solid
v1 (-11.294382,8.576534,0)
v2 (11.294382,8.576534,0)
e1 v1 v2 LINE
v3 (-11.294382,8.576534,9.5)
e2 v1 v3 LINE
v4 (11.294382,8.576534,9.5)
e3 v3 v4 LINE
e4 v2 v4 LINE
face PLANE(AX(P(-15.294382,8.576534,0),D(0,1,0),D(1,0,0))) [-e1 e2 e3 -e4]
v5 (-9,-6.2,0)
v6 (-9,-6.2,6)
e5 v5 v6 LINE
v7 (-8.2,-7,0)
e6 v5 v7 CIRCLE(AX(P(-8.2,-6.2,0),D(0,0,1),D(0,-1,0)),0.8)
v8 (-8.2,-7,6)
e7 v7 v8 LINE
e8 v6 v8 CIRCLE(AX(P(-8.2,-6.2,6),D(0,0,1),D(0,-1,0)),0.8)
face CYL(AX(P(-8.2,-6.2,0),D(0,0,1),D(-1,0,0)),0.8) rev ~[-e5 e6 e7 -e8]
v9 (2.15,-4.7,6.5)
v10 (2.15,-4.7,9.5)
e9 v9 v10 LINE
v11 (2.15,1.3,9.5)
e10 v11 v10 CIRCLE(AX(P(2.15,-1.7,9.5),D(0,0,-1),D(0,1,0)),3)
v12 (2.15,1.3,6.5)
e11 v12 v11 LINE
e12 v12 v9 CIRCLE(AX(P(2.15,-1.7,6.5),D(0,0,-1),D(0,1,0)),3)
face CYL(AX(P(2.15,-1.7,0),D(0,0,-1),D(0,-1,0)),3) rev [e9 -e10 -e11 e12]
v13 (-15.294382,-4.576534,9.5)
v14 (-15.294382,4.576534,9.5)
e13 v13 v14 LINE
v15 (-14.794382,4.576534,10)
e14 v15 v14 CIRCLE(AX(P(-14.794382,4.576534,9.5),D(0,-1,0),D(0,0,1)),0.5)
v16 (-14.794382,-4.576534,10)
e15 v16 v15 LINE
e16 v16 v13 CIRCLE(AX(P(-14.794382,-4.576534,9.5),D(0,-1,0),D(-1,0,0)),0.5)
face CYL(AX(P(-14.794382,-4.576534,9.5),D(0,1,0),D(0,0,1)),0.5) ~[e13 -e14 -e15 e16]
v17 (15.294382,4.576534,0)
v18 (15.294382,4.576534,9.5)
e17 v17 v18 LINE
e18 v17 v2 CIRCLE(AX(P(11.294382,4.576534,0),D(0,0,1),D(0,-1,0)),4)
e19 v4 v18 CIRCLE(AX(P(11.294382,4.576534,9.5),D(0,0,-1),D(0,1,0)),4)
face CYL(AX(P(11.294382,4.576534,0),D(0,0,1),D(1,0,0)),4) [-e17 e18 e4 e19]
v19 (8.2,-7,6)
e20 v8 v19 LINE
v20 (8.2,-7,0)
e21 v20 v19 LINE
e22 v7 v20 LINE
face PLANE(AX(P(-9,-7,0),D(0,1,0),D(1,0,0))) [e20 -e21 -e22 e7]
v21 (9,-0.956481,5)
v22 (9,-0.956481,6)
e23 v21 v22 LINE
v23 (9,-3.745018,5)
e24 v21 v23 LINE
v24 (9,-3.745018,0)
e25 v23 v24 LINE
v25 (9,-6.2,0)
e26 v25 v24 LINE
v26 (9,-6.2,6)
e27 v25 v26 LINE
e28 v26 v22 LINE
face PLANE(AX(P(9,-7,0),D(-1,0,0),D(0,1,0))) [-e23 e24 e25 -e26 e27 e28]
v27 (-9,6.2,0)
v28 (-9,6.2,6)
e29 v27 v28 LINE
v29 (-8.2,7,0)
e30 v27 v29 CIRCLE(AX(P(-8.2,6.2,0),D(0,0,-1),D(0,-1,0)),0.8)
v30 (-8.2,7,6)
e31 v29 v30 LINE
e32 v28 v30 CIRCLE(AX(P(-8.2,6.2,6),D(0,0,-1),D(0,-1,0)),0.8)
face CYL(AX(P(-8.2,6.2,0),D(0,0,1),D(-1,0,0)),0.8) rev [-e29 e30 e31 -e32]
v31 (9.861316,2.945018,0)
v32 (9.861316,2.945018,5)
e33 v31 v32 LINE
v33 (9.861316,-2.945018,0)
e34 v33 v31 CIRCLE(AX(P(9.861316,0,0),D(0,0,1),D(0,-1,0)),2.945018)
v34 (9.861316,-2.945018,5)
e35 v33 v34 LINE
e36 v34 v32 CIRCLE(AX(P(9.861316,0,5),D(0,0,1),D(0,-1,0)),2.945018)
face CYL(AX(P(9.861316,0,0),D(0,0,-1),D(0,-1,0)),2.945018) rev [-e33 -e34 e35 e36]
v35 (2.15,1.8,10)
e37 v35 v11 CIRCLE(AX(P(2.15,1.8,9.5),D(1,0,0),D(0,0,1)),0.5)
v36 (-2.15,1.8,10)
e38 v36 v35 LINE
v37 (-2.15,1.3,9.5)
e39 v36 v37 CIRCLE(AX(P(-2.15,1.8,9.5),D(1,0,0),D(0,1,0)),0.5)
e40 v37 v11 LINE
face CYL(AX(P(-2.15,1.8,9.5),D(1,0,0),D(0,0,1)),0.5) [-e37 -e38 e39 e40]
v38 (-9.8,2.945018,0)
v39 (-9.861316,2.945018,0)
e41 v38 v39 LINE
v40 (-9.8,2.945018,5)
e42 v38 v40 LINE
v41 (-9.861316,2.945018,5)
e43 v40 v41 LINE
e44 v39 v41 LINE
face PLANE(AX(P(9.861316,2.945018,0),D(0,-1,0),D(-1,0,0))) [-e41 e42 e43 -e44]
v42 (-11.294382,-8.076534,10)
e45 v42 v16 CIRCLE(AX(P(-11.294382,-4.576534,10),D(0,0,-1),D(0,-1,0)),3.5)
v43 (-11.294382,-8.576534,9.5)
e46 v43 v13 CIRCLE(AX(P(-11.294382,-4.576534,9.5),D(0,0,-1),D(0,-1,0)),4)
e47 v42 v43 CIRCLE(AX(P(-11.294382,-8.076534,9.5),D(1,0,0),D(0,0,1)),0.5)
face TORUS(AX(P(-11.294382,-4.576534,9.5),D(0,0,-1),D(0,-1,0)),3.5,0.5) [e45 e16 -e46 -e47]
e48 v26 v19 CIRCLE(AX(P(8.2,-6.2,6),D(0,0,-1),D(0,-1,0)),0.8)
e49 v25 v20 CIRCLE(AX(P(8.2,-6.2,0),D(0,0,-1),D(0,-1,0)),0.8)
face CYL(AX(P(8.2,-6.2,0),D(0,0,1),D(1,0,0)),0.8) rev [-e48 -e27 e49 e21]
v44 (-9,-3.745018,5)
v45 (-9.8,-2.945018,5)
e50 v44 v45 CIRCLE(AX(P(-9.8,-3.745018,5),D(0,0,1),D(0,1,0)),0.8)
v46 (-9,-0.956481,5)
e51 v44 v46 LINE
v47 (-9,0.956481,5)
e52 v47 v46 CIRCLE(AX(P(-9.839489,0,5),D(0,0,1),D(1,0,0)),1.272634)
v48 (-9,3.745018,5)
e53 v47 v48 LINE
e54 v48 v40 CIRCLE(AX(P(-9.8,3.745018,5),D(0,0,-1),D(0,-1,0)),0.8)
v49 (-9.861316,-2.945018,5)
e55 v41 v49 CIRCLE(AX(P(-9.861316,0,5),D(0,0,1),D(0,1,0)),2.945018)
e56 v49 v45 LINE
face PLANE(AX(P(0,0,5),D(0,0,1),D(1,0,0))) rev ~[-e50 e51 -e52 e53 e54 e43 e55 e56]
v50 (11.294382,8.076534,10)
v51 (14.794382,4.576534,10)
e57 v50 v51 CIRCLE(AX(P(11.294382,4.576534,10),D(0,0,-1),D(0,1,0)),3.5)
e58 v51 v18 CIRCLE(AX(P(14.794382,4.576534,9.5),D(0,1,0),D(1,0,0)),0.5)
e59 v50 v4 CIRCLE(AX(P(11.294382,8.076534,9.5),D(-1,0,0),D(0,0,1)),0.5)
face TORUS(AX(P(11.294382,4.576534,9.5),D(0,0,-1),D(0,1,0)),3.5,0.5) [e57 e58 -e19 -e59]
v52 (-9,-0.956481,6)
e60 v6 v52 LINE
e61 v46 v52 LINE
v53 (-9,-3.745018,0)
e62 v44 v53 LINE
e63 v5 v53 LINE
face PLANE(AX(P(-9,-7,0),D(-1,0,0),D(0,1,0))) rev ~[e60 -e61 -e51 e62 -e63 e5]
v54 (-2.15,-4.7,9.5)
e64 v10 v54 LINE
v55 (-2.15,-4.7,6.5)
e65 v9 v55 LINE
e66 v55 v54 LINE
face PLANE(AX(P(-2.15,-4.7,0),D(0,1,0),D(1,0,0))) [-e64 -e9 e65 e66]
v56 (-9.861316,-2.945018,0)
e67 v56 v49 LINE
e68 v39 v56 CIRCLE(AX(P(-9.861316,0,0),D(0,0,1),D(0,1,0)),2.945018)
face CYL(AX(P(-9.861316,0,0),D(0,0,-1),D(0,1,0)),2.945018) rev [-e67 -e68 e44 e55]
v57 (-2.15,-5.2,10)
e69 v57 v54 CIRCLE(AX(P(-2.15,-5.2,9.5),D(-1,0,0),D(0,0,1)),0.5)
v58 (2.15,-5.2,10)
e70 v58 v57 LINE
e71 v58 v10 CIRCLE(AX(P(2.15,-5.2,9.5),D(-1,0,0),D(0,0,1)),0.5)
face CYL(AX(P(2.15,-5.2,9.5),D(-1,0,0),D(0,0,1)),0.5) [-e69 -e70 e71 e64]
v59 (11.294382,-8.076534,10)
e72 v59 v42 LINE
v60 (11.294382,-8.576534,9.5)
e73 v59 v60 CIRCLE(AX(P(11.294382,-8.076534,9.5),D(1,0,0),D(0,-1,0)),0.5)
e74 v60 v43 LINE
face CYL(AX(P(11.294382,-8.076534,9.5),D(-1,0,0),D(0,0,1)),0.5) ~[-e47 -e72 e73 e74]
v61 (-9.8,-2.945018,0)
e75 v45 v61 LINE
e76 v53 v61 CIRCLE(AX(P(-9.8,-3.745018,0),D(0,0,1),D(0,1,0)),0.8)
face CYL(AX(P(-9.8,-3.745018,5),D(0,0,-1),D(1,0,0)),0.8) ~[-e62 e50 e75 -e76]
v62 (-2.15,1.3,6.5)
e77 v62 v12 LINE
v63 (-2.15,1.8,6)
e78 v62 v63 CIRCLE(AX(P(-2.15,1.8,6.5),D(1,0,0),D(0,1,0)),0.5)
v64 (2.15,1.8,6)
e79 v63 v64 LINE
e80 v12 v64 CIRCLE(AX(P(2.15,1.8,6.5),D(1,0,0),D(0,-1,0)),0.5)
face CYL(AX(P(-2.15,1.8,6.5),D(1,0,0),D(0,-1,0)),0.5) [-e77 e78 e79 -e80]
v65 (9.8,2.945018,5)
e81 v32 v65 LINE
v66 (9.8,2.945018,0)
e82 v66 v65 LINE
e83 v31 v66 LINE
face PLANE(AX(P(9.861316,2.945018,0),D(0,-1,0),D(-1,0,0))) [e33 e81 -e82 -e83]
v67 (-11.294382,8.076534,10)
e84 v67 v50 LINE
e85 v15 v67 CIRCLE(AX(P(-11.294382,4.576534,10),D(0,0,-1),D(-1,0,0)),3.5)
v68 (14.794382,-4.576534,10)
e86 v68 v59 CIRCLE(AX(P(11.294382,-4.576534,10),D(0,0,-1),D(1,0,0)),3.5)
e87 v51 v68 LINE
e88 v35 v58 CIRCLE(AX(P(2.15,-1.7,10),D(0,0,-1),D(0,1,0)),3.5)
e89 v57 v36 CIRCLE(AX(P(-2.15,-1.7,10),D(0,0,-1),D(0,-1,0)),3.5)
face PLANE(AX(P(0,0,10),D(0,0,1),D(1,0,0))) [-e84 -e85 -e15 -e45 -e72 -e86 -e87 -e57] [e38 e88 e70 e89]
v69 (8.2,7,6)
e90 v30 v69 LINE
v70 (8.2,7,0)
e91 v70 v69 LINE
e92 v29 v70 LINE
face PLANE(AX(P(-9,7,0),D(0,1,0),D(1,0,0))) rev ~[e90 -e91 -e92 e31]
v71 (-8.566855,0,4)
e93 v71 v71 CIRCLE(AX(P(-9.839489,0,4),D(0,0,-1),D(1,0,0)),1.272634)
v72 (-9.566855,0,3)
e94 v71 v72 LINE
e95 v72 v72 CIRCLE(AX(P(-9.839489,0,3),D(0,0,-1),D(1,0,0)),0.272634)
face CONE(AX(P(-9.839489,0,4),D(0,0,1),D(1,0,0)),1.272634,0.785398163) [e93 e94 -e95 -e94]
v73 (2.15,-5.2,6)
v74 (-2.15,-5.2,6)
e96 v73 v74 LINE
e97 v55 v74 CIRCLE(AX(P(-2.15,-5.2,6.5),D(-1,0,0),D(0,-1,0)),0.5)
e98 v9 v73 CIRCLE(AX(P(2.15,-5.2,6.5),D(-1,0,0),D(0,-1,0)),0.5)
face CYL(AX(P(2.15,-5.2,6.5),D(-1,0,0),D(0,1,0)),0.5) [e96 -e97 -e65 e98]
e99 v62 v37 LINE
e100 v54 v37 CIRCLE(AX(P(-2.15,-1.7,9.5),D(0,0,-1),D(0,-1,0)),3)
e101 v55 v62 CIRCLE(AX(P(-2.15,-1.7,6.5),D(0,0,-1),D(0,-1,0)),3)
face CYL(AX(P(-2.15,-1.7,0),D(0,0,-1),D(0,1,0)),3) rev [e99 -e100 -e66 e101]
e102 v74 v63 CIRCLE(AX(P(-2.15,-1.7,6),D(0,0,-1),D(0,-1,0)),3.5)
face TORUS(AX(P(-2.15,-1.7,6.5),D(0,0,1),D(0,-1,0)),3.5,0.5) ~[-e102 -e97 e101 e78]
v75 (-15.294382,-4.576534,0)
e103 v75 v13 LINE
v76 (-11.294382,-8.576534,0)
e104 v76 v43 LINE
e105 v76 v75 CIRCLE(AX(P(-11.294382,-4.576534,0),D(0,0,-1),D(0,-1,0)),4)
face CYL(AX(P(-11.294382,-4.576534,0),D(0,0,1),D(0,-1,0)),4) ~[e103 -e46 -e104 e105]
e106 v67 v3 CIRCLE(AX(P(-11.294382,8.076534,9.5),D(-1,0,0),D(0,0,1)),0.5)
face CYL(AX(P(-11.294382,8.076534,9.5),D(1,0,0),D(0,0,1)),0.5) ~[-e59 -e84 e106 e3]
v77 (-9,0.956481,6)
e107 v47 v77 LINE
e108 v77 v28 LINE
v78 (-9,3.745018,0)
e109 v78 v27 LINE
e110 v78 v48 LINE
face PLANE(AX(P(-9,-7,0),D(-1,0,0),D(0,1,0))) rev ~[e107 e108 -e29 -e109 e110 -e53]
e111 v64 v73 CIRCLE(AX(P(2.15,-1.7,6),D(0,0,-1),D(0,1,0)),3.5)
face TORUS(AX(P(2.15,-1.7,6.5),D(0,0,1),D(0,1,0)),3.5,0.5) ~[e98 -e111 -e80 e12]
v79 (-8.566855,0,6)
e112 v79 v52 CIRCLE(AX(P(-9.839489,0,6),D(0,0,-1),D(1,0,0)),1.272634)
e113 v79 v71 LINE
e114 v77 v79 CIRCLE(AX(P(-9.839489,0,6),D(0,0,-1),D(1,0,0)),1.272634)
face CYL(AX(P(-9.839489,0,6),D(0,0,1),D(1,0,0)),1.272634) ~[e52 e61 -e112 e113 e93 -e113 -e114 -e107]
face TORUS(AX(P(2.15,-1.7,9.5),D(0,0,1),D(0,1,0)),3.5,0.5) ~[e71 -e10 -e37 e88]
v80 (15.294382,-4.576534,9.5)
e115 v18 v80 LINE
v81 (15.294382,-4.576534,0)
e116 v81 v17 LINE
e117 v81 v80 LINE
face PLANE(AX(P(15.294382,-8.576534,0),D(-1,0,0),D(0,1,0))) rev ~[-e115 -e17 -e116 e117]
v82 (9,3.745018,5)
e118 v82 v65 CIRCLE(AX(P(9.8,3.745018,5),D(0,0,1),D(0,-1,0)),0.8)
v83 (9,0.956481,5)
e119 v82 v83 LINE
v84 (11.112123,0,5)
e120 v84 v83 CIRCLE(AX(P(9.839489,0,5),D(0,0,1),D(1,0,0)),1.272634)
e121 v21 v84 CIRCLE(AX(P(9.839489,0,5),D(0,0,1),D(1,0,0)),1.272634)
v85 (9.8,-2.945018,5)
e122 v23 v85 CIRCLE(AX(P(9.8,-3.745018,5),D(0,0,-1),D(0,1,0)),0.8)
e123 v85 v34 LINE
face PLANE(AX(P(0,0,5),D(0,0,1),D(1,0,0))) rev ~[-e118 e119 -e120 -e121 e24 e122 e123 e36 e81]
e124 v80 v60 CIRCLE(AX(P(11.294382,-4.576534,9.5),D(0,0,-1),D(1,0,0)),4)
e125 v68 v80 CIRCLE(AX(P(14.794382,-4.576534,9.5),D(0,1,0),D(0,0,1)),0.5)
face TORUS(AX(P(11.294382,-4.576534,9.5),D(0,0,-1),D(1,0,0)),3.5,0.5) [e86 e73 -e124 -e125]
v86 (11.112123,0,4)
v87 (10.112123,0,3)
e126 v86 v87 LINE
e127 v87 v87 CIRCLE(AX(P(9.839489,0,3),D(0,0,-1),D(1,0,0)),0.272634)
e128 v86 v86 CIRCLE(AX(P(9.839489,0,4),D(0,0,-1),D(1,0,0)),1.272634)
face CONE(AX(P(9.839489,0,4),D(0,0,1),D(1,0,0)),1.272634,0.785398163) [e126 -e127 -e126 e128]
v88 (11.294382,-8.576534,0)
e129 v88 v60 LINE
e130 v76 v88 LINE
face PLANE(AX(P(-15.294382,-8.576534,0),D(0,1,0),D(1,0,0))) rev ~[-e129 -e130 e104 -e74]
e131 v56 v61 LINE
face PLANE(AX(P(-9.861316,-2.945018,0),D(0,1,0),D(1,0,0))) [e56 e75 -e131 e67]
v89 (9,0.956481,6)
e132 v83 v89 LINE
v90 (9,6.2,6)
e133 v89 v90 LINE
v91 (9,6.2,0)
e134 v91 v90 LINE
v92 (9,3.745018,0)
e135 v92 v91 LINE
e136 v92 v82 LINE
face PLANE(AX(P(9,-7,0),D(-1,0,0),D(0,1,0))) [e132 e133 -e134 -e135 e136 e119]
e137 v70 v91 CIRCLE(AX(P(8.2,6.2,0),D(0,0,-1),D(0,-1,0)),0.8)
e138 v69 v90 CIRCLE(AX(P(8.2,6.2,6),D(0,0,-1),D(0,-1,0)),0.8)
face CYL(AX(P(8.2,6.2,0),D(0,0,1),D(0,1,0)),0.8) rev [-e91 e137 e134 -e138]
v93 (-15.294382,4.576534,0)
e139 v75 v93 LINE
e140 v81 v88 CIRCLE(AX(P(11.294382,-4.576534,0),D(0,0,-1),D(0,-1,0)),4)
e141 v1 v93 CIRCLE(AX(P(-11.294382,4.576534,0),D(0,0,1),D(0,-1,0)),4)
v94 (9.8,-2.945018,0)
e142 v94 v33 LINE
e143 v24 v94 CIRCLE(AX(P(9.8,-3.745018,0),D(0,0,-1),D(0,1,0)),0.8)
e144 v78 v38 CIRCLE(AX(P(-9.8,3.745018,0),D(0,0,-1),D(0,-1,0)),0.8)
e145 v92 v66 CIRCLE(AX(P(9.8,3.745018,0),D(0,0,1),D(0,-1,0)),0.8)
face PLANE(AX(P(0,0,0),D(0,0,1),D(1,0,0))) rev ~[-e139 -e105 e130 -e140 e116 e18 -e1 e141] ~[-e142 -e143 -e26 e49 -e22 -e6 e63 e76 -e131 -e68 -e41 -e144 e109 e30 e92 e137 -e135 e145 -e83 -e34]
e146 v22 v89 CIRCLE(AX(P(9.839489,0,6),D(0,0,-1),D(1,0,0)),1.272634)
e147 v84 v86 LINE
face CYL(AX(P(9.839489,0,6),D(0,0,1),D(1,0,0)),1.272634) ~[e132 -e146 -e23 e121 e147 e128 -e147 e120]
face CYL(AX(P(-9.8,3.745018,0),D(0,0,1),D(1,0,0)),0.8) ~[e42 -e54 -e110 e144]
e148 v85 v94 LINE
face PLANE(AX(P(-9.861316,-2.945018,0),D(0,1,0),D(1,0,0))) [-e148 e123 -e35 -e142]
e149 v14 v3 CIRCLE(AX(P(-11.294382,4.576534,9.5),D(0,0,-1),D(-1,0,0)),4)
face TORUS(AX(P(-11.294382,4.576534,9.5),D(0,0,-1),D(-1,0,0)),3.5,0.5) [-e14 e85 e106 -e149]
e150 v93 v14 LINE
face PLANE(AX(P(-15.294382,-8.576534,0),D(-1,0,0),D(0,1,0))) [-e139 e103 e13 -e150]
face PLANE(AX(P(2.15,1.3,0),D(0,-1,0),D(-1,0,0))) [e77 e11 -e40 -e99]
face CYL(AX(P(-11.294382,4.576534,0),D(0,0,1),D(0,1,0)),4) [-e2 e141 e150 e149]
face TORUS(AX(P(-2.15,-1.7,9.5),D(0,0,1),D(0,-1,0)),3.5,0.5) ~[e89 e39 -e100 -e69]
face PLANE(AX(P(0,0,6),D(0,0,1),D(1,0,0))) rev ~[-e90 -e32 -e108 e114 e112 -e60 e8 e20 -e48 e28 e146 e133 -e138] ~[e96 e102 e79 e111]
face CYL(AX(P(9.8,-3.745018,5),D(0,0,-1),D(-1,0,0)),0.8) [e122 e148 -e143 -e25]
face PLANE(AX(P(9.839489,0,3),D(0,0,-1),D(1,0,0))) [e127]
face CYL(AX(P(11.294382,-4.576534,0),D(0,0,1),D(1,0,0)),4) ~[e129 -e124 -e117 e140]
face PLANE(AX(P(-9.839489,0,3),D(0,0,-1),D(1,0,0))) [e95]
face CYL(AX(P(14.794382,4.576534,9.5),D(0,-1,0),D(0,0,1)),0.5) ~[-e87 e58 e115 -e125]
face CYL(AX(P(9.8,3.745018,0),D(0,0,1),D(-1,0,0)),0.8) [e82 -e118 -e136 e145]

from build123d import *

# Parameters (mm, degrees)
SKETCH041_W     = 30.588764
SKETCH041_H     = 17.153068
PAD012_DEPTH    = 10
SKETCH042_W     = 18
SKETCH042_H     = 14
POCKET033_DEPTH = 6
POCKET034_DEPTH = 5
POCKET035_DEPTH = 10.001
SKETCH045_R     = 1.272634
PAD013_DEPTH    = 3
CHAMFER011_SIZE = 1
FILLET033_R     = 0.8
FILLET034_R     = 4
FILLET035_R     = 0.5


with BuildPart() as part:
    # Sketch041 → Pad012 (new body)
    with BuildSketch(Plane.XY):
        Rectangle(SKETCH041_W, SKETCH041_H)
    extrude(amount=PAD012_DEPTH)

    # Sketch042 → Pocket033 (cut)
    with BuildSketch(Plane.XY):
        Rectangle(SKETCH042_W, SKETCH042_H)
    extrude(amount=POCKET033_DEPTH, mode=Mode.SUBTRACT)

    # Sketch043 → Pocket034 (cut)
    with BuildSketch(Plane.XY):
        with BuildLine():
            ThreePointArc((-9.861316, 2.945018), (-12.806334, 0), (-9.861316, -2.945018))
            Line((-9.861316, -2.945018), (9.861316, -2.945018))
            ThreePointArc((9.861316, -2.945018), (12.806334, 0), (9.861316, 2.945018))
            Line((9.861316, 2.945018), (-9.861316, 2.945018))
        make_face()
    extrude(amount=POCKET034_DEPTH, mode=Mode.SUBTRACT)

    # Sketch044 → Pocket035 (cut, through all)
    with BuildSketch(Plane.XY):
        with BuildLine():
            ThreePointArc((-2.15, 1.3), (-5.15, -1.7), (-2.15, -4.7))
            Line((-2.15, -4.7), (2.15, -4.7))
            ThreePointArc((2.15, -4.7), (5.15, -1.7), (2.15, 1.3))
            Line((2.15, 1.3), (-2.15, 1.3))
        make_face()
    extrude(amount=POCKET035_DEPTH, mode=Mode.SUBTRACT)

    # Sketch045 (on Face21 of Pocket035) → Pad013 (join)
    with BuildSketch(Plane(origin=(0, 0, 6), x_dir=(1, 0, 0), z_dir=(0, 0, -1))):
        with Locations((-9.839489, 0)):
            Circle(SKETCH045_R)
        with Locations((9.839489, 0)):
            Circle(SKETCH045_R)
    extrude(amount=PAD013_DEPTH)

    # Chamfer011
    chamfer011_edges = [part.edges().sort_by_distance(p)[0] for p in [
        (8.566855, 0, 3),
        (-11.112123, 0, 3),
    ]]
    chamfer(chamfer011_edges, length=CHAMFER011_SIZE)

    # Fillet033
    fillet033_edges = [part.edges().sort_by_distance(p)[0] for p in [
        (9, 2.945018, 2.5),
        (9, -2.945018, 2.5),
        (9, 7, 3),
        (-9, 2.945018, 2.5),
        (-9, -2.945018, 2.5),
        (-9, -7, 3),
        (9, -7, 3),
        (-9, 7, 3),
    ]]
    fillet(fillet033_edges, radius=FILLET033_R)

    # Fillet034
    fillet034_edges = [part.edges().sort_by_distance(p)[0] for p in [
        (-15.294382, -8.576534, 5),
        (-15.294382, 8.576534, 5),
        (15.294382, 8.576534, 5),
        (15.294382, -8.576534, 5),
    ]]
    fillet(fillet034_edges, radius=FILLET034_R)

    # Fillet035
    fillet035_edges = [part.edges().sort_by_distance(p)[0] for p in [
        (0, 8.576534, 10),
        (-14.12281, 7.404962, 10),
        (14.12281, 7.404962, 10),
        (-15.294382, 0, 10),
        (15.294382, 0, 10),
        (-14.12281, -7.404962, 10),
        (14.12281, -7.404962, 10),
        (0, -8.576534, 10),
        (0, -4.7, 10),
        (5.15, -1.7, 10),
        (0, 1.3, 10),
        (-5.15, -1.7, 10),
        (-5.15, -1.7, 6),
    ]]
    fillet(fillet035_edges, radius=FILLET035_R)


solid = part.part
